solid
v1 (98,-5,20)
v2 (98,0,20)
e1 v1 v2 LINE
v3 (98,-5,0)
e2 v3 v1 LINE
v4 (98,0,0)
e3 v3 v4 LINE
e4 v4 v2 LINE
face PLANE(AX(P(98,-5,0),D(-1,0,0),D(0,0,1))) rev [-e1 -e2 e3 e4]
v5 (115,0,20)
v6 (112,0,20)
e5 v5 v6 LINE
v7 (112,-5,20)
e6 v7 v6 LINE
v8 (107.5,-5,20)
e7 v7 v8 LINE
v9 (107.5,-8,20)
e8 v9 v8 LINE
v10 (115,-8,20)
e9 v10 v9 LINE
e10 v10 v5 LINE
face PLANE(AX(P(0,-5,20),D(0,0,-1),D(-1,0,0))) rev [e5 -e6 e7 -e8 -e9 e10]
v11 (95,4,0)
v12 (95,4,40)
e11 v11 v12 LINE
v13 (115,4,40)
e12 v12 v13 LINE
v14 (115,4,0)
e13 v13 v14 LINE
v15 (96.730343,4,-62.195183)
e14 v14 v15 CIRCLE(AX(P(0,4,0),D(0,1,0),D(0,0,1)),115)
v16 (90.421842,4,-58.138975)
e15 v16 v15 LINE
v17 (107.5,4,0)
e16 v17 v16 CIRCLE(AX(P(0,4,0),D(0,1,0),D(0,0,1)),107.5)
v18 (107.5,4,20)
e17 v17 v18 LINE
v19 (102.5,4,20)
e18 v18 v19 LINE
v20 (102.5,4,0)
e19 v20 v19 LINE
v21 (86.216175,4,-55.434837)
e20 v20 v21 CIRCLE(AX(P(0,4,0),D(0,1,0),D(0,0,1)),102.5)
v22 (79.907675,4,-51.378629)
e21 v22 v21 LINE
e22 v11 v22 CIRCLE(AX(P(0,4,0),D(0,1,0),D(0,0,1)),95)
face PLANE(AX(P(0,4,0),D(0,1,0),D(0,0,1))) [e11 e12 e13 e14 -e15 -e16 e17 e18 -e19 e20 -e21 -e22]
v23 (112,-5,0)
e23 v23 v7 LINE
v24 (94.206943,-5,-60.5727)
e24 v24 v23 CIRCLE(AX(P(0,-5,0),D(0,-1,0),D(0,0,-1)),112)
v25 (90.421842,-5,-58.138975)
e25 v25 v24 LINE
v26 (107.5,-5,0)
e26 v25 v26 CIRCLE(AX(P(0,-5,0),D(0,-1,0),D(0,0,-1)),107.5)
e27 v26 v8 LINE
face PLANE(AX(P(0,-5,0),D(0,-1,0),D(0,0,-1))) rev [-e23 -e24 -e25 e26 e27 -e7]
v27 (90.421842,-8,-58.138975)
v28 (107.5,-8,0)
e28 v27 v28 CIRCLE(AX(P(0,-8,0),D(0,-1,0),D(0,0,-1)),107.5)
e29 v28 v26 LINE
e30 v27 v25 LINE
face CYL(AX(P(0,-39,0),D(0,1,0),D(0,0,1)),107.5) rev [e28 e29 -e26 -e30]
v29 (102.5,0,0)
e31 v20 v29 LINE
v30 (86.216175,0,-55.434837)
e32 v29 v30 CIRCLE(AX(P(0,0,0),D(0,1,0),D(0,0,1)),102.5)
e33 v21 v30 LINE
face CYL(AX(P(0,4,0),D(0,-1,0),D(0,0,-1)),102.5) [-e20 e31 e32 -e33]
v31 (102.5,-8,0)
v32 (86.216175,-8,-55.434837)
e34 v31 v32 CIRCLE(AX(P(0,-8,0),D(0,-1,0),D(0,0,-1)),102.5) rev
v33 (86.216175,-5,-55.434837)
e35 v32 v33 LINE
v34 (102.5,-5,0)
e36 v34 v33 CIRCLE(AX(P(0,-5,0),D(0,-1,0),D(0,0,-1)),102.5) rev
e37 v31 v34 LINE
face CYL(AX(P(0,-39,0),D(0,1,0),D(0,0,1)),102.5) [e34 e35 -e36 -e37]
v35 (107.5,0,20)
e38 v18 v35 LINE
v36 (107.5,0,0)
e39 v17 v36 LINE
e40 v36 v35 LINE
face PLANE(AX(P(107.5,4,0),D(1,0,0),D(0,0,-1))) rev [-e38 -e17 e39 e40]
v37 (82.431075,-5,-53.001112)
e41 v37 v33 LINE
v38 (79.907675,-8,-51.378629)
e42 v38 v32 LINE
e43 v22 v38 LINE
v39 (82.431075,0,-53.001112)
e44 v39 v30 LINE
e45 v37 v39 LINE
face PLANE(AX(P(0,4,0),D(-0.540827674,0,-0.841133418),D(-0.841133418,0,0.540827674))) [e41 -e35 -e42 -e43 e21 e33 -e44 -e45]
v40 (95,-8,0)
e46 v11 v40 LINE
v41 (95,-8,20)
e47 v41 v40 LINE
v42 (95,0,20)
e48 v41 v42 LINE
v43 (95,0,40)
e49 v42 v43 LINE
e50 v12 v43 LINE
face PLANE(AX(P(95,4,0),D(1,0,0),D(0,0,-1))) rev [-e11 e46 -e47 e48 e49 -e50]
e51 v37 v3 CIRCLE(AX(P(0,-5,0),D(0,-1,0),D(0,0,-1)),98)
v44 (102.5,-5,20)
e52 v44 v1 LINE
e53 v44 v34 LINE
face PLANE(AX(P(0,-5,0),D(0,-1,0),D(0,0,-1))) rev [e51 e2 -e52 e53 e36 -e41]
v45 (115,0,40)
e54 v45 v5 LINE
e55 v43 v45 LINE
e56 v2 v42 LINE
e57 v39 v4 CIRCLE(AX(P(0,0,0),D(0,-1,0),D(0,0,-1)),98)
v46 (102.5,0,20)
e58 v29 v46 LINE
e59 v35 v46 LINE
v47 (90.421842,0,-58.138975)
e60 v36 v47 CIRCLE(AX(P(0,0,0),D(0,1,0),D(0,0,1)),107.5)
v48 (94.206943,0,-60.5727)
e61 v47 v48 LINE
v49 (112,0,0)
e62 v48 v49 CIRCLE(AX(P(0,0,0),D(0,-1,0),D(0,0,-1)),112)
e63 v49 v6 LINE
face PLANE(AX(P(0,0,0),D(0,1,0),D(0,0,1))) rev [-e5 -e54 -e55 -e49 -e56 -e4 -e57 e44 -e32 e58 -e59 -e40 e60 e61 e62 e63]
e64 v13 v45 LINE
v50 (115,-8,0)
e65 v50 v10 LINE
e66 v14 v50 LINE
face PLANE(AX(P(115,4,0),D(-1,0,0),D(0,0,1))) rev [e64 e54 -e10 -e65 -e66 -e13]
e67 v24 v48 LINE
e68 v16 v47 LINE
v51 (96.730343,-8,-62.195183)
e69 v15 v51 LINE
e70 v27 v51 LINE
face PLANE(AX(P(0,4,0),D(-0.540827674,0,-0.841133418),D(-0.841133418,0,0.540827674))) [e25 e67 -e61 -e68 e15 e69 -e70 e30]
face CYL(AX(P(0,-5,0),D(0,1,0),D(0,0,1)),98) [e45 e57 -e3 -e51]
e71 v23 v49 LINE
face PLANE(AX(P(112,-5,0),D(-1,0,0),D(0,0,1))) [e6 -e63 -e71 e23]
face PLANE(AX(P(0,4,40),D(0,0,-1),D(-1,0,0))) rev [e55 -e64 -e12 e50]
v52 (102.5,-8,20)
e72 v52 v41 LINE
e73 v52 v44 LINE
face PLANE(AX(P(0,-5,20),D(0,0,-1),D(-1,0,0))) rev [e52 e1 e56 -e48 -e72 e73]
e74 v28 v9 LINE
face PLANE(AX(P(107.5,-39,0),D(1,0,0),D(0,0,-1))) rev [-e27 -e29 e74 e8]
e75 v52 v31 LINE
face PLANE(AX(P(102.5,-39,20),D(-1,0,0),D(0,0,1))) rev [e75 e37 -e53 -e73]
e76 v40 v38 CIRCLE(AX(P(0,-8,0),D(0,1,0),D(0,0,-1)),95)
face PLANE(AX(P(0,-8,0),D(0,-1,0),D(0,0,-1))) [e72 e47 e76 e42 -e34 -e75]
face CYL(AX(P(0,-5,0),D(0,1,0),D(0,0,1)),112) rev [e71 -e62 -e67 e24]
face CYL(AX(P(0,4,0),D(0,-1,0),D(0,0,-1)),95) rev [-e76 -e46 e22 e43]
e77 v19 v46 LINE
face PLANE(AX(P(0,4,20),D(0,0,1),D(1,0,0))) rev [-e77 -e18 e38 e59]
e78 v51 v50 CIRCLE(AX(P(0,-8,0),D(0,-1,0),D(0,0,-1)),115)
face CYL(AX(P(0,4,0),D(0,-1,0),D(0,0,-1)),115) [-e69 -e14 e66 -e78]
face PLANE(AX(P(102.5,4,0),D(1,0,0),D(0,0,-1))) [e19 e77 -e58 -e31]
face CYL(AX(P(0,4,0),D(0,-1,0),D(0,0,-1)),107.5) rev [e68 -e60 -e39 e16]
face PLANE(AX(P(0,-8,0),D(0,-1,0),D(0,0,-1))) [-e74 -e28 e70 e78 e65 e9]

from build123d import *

# Parameters (mm, degrees)
BOSS_EXTRUDE1_DEPTH = 4
BOSS_EXTRUDE2_START = 5
BOSS_EXTRUDE2_DEPTH = 5
BOSS_EXTRUDE3_START = 3
BOSS_EXTRUDE3_DEPTH = 3
CUT_EXTRUDE1_START  = -43
CUT_EXTRUDE1_DEPTH  = 43


with BuildPart() as part:
    # Sketch1 → Boss-Extrude1 (new body)
    with BuildSketch(Plane(origin=(0, 0, 0), x_dir=(1, 0, 0), z_dir=(0, 1, 0))):
        with BuildLine():
            Line((86.216175346, 55.434836598), (79.907674711, 51.378629042))
            ThreePointArc((79.907674711, 51.378629042), (91.148859284, 26.774716641), (95, 0))
            Line((95, 0), (102.5, 0))
            ThreePointArc((102.5, 0), (98.344821859, 28.88851006), (86.216175346, 55.434836598))
        make_face()
        with BuildLine():
            Line((96.730343071, 62.195182525), (90.421842436, 58.138974969))
            ThreePointArc((90.421842436, 58.138974969), (103.142130242, 30.297705673), (107.5, 0))
            Line((107.5, 0), (115, 0))
            ThreePointArc((115, 0), (110.338092817, 32.411499092), (96.730343071, 62.195182525))
        make_face()
        Polygon((102.5, 0), (95, 0), (95, -40), (115, -40), (115, 0), (107.5, 0), (107.5, -20), (102.5, -20), align=None)
    extrude(amount=BOSS_EXTRUDE1_DEPTH)

    # Sketch2 → Boss-Extrude2 (add)
    with BuildSketch(Plane.XZ.offset(BOSS_EXTRUDE2_START)):
        with BuildLine():
            Line((112, 20), (112, 0))
            ThreePointArc((112, 0), (107.459707787, -31.565981725), (94.206942817, -60.572699503))
            Line((94.206942817, -60.572699503), (96.730343071, -62.195182525))
            ThreePointArc((96.730343071, -62.195182525), (110.338092817, -32.411499092), (115, 0))
            Line((115, 0), (115, 20))
            Line((115, 20), (112, 20))
        make_face()
        with BuildLine():
            ThreePointArc((82.431074965, -53.001112065), (94.027244314, -27.620234009), (98, 0))
            Line((98, 0), (98, 20))
            Line((98, 20), (95, 20))
            Line((95, 20), (95, 0))
            ThreePointArc((95, 0), (91.148859284, -26.774716641), (79.907674711, -51.378629042))
            Line((79.907674711, -51.378629042), (82.431074965, -53.001112065))
        make_face()
    extrude(amount=-BOSS_EXTRUDE2_DEPTH)

    # Sketch3 → Boss-Extrude3 (add)
    with BuildSketch(Plane.XZ.offset(5).offset(BOSS_EXTRUDE3_START)):
        with BuildLine():
            Line((98, 20), (112, 20))
            Line((112, 20), (115, 20))
            Line((115, 20), (115, 0))
            ThreePointArc((115, 0), (110.338092817, -32.411499092), (96.730343071, -62.195182525))
            Line((96.730343071, -62.195182525), (94.206942817, -60.572699503))
            Line((94.206942817, -60.572699503), (82.431074965, -53.001112065))
            Line((82.431074965, -53.001112065), (79.907674711, -51.378629042))
            ThreePointArc((79.907674711, -51.378629042), (91.148859284, -26.774716641), (95, 0))
            Line((95, 0), (95, 20))
            Line((95, 20), (98, 20))
        make_face()
    extrude(amount=-BOSS_EXTRUDE3_DEPTH)

    # Sketch4 → Cut-Extrude1 (cut)
    with BuildSketch(Plane(origin=(0, 4, 0), x_dir=(1, 0, 0), z_dir=(0, 1, 0)).offset(CUT_EXTRUDE1_START)):
        with BuildLine():
            Line((90.421842436, 58.138974969), (86.216175346, 55.434836598))
            ThreePointArc((86.216175346, 55.434836598), (98.344821859, 28.88851006), (102.5, 0))
            Line((102.5, 0), (102.5, -20))
            Line((102.5, -20), (107.5, -20))
            Line((107.5, -20), (107.5, 0))
            ThreePointArc((107.5, 0), (103.142130242, 30.297705673), (90.421842436, 58.138974969))
        make_face()
    extrude(amount=CUT_EXTRUDE1_DEPTH, mode=Mode.SUBTRACT)


solid = part.part
